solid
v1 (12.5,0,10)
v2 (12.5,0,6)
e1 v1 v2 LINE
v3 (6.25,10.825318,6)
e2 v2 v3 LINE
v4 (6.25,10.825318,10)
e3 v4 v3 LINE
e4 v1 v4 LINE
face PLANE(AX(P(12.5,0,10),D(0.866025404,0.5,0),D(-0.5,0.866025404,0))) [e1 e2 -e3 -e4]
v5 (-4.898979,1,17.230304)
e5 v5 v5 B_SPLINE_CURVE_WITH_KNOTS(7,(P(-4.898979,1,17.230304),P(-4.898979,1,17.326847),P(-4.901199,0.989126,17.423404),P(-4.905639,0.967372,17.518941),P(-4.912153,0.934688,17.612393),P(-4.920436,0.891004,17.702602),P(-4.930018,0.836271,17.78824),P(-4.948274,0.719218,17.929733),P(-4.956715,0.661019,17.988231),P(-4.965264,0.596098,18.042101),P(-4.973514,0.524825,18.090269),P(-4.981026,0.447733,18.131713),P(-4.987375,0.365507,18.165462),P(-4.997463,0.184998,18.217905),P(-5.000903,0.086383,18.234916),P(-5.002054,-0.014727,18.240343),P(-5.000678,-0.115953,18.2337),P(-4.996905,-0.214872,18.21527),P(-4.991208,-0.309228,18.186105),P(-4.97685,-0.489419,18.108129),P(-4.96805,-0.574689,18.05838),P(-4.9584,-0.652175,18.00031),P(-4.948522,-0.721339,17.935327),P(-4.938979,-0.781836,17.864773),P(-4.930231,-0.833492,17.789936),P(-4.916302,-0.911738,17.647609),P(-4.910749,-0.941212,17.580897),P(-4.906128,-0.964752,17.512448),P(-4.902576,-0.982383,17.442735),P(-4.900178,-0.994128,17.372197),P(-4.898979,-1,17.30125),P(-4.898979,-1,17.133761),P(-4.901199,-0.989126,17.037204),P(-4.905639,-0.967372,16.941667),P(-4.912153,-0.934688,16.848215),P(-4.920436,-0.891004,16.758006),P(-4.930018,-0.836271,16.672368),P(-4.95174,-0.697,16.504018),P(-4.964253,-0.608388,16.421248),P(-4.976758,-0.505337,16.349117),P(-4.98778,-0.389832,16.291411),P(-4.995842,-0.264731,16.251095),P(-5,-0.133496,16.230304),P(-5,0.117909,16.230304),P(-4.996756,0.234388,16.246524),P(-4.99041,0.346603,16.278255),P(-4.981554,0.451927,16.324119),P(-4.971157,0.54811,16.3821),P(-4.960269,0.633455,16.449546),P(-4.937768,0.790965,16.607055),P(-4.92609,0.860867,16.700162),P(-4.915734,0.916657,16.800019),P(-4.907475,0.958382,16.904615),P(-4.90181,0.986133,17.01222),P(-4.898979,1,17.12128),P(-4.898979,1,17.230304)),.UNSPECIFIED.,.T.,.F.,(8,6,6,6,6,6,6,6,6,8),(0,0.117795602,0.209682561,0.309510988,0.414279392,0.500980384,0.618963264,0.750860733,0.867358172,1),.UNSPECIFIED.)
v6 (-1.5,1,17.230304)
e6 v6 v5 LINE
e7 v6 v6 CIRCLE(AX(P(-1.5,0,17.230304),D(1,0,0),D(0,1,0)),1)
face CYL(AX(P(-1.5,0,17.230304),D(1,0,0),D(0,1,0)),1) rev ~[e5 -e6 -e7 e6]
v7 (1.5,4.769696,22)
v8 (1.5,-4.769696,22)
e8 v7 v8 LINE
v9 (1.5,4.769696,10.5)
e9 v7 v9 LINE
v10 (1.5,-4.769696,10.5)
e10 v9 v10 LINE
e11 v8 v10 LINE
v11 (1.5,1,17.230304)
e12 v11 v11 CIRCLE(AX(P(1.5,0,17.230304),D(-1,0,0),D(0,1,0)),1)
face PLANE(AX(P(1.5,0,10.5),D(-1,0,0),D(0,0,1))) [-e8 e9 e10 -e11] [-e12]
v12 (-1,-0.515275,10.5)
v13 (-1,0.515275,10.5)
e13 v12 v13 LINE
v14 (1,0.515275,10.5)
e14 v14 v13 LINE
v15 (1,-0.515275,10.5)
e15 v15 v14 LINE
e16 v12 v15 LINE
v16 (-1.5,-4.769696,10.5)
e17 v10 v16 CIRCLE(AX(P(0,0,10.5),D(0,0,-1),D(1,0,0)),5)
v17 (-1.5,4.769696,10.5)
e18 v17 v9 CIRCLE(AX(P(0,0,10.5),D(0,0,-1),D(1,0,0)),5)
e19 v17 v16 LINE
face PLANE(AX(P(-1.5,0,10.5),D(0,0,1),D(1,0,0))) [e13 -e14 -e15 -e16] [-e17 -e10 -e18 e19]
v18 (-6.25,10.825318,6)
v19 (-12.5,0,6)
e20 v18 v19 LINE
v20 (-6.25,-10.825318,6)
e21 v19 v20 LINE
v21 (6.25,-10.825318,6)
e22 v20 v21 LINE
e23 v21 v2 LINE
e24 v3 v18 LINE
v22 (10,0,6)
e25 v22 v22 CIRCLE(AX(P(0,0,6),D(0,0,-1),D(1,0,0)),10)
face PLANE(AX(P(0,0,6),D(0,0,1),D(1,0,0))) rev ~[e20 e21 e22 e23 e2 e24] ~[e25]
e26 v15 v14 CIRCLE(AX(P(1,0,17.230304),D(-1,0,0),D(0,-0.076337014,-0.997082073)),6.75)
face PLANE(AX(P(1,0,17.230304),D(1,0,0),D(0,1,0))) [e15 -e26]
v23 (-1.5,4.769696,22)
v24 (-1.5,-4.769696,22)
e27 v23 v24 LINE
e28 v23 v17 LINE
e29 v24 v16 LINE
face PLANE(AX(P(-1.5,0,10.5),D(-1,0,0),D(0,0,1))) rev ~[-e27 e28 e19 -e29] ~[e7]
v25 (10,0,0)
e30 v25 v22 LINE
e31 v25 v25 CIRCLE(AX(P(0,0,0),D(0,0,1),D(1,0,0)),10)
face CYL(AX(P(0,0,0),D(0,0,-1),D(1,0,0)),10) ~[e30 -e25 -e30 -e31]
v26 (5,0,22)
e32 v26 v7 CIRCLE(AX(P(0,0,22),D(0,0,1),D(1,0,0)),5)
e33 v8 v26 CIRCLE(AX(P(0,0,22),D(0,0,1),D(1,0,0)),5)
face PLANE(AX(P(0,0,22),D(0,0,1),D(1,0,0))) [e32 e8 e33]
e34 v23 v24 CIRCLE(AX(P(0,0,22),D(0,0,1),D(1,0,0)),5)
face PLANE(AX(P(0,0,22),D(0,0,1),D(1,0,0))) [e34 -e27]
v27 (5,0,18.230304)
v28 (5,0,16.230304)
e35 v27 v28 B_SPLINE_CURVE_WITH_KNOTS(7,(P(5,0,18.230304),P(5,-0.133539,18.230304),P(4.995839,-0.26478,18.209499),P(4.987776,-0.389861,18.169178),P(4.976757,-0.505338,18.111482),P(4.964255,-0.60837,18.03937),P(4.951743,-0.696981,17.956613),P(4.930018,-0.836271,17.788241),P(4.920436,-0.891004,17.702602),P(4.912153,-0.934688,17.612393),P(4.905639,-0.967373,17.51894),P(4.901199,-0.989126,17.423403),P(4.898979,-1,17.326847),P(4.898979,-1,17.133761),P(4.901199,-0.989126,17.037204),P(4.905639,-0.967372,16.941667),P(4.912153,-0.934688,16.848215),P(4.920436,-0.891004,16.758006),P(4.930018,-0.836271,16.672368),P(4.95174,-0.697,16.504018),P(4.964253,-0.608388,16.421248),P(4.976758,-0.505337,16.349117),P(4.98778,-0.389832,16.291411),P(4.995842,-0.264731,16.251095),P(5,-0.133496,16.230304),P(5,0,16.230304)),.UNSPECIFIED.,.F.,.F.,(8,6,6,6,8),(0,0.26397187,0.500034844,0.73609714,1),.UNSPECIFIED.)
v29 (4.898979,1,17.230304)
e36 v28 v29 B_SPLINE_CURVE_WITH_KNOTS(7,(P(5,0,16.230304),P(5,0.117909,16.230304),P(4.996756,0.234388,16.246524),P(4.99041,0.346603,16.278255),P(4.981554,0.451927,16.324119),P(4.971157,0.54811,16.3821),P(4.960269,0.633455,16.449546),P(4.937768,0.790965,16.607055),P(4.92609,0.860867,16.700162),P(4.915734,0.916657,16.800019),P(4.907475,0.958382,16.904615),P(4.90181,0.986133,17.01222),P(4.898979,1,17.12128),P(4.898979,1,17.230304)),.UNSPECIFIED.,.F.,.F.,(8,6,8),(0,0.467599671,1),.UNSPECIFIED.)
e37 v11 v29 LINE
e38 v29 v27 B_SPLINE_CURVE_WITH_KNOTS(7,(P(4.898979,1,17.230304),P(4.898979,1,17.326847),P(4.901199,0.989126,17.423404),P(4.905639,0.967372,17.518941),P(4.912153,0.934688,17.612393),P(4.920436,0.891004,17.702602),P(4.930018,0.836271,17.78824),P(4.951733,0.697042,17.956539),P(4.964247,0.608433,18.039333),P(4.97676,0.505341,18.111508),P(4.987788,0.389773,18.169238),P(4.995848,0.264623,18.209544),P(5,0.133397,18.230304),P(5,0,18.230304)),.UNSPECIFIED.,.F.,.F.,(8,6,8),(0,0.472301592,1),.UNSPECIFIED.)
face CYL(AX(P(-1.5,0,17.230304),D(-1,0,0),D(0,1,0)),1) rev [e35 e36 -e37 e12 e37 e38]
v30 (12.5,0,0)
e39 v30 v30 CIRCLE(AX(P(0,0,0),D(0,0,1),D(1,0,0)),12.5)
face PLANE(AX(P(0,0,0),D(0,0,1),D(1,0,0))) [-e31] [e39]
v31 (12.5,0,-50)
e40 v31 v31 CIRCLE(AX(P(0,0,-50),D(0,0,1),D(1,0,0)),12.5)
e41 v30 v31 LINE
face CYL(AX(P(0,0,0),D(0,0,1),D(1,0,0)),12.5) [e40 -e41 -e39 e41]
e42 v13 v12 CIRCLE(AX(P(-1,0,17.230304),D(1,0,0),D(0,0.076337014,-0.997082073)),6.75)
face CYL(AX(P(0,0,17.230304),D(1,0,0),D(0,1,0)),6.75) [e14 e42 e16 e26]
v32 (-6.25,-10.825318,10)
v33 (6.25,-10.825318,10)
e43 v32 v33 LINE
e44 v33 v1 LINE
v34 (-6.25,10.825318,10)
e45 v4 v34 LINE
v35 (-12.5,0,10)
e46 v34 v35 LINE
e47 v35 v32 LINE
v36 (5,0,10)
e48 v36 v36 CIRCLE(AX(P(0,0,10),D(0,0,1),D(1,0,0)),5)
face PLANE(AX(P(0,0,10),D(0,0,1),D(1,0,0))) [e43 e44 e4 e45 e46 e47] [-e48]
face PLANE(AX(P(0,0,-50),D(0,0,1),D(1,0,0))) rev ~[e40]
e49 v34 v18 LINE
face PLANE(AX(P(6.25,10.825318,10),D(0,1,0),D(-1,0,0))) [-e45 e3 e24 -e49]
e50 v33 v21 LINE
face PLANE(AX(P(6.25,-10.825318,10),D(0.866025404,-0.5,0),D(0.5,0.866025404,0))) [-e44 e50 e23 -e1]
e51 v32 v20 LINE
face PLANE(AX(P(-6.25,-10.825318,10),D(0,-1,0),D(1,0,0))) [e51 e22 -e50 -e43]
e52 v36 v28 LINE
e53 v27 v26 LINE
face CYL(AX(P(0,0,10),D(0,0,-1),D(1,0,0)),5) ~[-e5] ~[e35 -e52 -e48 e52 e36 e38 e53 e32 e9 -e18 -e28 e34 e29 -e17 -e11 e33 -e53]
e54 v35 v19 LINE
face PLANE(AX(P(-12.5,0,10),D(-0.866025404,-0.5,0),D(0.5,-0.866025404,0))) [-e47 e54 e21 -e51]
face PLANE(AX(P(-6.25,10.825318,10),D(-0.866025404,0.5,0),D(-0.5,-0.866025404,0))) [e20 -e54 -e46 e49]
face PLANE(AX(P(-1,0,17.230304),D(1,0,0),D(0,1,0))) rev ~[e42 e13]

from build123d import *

# Parameters (mm, degrees)
F0_R           = 12.5
F1_DEPTH       = 50
F2_R           = 10
F3_DEPTH       = 10
F4_R           = 5
F5_DEPTH       = 12
F6_W           = 3
F6_H           = 11.5
F7_DEPTH       = 12.501
F7_DEPTH_BACK  = 12.501
F8_R           = 1
F9_DEPTH       = 14.001
F9_DEPTH_BACK  = 11.001
F11_DEPTH      = 4
F12_R          = 6.75
F13_DEPTH      = 1
F13_DEPTH_BACK = 1


with BuildPart() as f1:
    # F0 (on Top) → F1 (new body)
    with BuildSketch(Plane.XY):
        Circle(F0_R)
    extrude(amount=-F1_DEPTH)

    # F2 (on Top) → F3 (join)
    with BuildSketch(Plane.XY):
        Circle(F2_R)
    extrude(amount=F3_DEPTH)

    # F4 (on face) → F5 (join)
    with BuildSketch(Plane.XY.offset(10)):
        Circle(F4_R)
    extrude(amount=F5_DEPTH)

    # F6 (on Front) → F7 (cut, two sides)
    with BuildSketch(Plane.XZ) as f7_sk:
        with Locations((0, 16.25)):
            Rectangle(F6_W, F6_H)
    extrude(amount=-F7_DEPTH, mode=Mode.SUBTRACT)
    extrude(f7_sk.sketch, amount=F7_DEPTH_BACK, mode=Mode.SUBTRACT)

    # F8 (on face) → F9 (cut, two sides)
    with BuildSketch(Plane.YZ.offset(-1.5)) as f9_sk:
        with Locations((0, 17.2303039929)):
            Circle(F8_R)
    extrude(amount=F9_DEPTH, mode=Mode.SUBTRACT)
    extrude(f9_sk.sketch, amount=-F9_DEPTH_BACK, mode=Mode.SUBTRACT)

    # F10 (on face) → F11 (join)
    with BuildSketch(Plane.XY.offset(10)):
        Polygon((6.25, -10.8253175473), (12.5, 0), (6.25, 10.8253175473), (-6.25, 10.8253175473), (-12.5, 0), (-6.25, -10.8253175473), align=None)
    extrude(amount=-F11_DEPTH)

    # F12 (on Right) → F13 (join, two sides)
    with BuildSketch(Plane.YZ) as f13_sk:
        with Locations((0, 17.2303039929)):
            Circle(F12_R)
    extrude(amount=F13_DEPTH)
    extrude(f13_sk.sketch, amount=-F13_DEPTH_BACK)


solid = f1.part
